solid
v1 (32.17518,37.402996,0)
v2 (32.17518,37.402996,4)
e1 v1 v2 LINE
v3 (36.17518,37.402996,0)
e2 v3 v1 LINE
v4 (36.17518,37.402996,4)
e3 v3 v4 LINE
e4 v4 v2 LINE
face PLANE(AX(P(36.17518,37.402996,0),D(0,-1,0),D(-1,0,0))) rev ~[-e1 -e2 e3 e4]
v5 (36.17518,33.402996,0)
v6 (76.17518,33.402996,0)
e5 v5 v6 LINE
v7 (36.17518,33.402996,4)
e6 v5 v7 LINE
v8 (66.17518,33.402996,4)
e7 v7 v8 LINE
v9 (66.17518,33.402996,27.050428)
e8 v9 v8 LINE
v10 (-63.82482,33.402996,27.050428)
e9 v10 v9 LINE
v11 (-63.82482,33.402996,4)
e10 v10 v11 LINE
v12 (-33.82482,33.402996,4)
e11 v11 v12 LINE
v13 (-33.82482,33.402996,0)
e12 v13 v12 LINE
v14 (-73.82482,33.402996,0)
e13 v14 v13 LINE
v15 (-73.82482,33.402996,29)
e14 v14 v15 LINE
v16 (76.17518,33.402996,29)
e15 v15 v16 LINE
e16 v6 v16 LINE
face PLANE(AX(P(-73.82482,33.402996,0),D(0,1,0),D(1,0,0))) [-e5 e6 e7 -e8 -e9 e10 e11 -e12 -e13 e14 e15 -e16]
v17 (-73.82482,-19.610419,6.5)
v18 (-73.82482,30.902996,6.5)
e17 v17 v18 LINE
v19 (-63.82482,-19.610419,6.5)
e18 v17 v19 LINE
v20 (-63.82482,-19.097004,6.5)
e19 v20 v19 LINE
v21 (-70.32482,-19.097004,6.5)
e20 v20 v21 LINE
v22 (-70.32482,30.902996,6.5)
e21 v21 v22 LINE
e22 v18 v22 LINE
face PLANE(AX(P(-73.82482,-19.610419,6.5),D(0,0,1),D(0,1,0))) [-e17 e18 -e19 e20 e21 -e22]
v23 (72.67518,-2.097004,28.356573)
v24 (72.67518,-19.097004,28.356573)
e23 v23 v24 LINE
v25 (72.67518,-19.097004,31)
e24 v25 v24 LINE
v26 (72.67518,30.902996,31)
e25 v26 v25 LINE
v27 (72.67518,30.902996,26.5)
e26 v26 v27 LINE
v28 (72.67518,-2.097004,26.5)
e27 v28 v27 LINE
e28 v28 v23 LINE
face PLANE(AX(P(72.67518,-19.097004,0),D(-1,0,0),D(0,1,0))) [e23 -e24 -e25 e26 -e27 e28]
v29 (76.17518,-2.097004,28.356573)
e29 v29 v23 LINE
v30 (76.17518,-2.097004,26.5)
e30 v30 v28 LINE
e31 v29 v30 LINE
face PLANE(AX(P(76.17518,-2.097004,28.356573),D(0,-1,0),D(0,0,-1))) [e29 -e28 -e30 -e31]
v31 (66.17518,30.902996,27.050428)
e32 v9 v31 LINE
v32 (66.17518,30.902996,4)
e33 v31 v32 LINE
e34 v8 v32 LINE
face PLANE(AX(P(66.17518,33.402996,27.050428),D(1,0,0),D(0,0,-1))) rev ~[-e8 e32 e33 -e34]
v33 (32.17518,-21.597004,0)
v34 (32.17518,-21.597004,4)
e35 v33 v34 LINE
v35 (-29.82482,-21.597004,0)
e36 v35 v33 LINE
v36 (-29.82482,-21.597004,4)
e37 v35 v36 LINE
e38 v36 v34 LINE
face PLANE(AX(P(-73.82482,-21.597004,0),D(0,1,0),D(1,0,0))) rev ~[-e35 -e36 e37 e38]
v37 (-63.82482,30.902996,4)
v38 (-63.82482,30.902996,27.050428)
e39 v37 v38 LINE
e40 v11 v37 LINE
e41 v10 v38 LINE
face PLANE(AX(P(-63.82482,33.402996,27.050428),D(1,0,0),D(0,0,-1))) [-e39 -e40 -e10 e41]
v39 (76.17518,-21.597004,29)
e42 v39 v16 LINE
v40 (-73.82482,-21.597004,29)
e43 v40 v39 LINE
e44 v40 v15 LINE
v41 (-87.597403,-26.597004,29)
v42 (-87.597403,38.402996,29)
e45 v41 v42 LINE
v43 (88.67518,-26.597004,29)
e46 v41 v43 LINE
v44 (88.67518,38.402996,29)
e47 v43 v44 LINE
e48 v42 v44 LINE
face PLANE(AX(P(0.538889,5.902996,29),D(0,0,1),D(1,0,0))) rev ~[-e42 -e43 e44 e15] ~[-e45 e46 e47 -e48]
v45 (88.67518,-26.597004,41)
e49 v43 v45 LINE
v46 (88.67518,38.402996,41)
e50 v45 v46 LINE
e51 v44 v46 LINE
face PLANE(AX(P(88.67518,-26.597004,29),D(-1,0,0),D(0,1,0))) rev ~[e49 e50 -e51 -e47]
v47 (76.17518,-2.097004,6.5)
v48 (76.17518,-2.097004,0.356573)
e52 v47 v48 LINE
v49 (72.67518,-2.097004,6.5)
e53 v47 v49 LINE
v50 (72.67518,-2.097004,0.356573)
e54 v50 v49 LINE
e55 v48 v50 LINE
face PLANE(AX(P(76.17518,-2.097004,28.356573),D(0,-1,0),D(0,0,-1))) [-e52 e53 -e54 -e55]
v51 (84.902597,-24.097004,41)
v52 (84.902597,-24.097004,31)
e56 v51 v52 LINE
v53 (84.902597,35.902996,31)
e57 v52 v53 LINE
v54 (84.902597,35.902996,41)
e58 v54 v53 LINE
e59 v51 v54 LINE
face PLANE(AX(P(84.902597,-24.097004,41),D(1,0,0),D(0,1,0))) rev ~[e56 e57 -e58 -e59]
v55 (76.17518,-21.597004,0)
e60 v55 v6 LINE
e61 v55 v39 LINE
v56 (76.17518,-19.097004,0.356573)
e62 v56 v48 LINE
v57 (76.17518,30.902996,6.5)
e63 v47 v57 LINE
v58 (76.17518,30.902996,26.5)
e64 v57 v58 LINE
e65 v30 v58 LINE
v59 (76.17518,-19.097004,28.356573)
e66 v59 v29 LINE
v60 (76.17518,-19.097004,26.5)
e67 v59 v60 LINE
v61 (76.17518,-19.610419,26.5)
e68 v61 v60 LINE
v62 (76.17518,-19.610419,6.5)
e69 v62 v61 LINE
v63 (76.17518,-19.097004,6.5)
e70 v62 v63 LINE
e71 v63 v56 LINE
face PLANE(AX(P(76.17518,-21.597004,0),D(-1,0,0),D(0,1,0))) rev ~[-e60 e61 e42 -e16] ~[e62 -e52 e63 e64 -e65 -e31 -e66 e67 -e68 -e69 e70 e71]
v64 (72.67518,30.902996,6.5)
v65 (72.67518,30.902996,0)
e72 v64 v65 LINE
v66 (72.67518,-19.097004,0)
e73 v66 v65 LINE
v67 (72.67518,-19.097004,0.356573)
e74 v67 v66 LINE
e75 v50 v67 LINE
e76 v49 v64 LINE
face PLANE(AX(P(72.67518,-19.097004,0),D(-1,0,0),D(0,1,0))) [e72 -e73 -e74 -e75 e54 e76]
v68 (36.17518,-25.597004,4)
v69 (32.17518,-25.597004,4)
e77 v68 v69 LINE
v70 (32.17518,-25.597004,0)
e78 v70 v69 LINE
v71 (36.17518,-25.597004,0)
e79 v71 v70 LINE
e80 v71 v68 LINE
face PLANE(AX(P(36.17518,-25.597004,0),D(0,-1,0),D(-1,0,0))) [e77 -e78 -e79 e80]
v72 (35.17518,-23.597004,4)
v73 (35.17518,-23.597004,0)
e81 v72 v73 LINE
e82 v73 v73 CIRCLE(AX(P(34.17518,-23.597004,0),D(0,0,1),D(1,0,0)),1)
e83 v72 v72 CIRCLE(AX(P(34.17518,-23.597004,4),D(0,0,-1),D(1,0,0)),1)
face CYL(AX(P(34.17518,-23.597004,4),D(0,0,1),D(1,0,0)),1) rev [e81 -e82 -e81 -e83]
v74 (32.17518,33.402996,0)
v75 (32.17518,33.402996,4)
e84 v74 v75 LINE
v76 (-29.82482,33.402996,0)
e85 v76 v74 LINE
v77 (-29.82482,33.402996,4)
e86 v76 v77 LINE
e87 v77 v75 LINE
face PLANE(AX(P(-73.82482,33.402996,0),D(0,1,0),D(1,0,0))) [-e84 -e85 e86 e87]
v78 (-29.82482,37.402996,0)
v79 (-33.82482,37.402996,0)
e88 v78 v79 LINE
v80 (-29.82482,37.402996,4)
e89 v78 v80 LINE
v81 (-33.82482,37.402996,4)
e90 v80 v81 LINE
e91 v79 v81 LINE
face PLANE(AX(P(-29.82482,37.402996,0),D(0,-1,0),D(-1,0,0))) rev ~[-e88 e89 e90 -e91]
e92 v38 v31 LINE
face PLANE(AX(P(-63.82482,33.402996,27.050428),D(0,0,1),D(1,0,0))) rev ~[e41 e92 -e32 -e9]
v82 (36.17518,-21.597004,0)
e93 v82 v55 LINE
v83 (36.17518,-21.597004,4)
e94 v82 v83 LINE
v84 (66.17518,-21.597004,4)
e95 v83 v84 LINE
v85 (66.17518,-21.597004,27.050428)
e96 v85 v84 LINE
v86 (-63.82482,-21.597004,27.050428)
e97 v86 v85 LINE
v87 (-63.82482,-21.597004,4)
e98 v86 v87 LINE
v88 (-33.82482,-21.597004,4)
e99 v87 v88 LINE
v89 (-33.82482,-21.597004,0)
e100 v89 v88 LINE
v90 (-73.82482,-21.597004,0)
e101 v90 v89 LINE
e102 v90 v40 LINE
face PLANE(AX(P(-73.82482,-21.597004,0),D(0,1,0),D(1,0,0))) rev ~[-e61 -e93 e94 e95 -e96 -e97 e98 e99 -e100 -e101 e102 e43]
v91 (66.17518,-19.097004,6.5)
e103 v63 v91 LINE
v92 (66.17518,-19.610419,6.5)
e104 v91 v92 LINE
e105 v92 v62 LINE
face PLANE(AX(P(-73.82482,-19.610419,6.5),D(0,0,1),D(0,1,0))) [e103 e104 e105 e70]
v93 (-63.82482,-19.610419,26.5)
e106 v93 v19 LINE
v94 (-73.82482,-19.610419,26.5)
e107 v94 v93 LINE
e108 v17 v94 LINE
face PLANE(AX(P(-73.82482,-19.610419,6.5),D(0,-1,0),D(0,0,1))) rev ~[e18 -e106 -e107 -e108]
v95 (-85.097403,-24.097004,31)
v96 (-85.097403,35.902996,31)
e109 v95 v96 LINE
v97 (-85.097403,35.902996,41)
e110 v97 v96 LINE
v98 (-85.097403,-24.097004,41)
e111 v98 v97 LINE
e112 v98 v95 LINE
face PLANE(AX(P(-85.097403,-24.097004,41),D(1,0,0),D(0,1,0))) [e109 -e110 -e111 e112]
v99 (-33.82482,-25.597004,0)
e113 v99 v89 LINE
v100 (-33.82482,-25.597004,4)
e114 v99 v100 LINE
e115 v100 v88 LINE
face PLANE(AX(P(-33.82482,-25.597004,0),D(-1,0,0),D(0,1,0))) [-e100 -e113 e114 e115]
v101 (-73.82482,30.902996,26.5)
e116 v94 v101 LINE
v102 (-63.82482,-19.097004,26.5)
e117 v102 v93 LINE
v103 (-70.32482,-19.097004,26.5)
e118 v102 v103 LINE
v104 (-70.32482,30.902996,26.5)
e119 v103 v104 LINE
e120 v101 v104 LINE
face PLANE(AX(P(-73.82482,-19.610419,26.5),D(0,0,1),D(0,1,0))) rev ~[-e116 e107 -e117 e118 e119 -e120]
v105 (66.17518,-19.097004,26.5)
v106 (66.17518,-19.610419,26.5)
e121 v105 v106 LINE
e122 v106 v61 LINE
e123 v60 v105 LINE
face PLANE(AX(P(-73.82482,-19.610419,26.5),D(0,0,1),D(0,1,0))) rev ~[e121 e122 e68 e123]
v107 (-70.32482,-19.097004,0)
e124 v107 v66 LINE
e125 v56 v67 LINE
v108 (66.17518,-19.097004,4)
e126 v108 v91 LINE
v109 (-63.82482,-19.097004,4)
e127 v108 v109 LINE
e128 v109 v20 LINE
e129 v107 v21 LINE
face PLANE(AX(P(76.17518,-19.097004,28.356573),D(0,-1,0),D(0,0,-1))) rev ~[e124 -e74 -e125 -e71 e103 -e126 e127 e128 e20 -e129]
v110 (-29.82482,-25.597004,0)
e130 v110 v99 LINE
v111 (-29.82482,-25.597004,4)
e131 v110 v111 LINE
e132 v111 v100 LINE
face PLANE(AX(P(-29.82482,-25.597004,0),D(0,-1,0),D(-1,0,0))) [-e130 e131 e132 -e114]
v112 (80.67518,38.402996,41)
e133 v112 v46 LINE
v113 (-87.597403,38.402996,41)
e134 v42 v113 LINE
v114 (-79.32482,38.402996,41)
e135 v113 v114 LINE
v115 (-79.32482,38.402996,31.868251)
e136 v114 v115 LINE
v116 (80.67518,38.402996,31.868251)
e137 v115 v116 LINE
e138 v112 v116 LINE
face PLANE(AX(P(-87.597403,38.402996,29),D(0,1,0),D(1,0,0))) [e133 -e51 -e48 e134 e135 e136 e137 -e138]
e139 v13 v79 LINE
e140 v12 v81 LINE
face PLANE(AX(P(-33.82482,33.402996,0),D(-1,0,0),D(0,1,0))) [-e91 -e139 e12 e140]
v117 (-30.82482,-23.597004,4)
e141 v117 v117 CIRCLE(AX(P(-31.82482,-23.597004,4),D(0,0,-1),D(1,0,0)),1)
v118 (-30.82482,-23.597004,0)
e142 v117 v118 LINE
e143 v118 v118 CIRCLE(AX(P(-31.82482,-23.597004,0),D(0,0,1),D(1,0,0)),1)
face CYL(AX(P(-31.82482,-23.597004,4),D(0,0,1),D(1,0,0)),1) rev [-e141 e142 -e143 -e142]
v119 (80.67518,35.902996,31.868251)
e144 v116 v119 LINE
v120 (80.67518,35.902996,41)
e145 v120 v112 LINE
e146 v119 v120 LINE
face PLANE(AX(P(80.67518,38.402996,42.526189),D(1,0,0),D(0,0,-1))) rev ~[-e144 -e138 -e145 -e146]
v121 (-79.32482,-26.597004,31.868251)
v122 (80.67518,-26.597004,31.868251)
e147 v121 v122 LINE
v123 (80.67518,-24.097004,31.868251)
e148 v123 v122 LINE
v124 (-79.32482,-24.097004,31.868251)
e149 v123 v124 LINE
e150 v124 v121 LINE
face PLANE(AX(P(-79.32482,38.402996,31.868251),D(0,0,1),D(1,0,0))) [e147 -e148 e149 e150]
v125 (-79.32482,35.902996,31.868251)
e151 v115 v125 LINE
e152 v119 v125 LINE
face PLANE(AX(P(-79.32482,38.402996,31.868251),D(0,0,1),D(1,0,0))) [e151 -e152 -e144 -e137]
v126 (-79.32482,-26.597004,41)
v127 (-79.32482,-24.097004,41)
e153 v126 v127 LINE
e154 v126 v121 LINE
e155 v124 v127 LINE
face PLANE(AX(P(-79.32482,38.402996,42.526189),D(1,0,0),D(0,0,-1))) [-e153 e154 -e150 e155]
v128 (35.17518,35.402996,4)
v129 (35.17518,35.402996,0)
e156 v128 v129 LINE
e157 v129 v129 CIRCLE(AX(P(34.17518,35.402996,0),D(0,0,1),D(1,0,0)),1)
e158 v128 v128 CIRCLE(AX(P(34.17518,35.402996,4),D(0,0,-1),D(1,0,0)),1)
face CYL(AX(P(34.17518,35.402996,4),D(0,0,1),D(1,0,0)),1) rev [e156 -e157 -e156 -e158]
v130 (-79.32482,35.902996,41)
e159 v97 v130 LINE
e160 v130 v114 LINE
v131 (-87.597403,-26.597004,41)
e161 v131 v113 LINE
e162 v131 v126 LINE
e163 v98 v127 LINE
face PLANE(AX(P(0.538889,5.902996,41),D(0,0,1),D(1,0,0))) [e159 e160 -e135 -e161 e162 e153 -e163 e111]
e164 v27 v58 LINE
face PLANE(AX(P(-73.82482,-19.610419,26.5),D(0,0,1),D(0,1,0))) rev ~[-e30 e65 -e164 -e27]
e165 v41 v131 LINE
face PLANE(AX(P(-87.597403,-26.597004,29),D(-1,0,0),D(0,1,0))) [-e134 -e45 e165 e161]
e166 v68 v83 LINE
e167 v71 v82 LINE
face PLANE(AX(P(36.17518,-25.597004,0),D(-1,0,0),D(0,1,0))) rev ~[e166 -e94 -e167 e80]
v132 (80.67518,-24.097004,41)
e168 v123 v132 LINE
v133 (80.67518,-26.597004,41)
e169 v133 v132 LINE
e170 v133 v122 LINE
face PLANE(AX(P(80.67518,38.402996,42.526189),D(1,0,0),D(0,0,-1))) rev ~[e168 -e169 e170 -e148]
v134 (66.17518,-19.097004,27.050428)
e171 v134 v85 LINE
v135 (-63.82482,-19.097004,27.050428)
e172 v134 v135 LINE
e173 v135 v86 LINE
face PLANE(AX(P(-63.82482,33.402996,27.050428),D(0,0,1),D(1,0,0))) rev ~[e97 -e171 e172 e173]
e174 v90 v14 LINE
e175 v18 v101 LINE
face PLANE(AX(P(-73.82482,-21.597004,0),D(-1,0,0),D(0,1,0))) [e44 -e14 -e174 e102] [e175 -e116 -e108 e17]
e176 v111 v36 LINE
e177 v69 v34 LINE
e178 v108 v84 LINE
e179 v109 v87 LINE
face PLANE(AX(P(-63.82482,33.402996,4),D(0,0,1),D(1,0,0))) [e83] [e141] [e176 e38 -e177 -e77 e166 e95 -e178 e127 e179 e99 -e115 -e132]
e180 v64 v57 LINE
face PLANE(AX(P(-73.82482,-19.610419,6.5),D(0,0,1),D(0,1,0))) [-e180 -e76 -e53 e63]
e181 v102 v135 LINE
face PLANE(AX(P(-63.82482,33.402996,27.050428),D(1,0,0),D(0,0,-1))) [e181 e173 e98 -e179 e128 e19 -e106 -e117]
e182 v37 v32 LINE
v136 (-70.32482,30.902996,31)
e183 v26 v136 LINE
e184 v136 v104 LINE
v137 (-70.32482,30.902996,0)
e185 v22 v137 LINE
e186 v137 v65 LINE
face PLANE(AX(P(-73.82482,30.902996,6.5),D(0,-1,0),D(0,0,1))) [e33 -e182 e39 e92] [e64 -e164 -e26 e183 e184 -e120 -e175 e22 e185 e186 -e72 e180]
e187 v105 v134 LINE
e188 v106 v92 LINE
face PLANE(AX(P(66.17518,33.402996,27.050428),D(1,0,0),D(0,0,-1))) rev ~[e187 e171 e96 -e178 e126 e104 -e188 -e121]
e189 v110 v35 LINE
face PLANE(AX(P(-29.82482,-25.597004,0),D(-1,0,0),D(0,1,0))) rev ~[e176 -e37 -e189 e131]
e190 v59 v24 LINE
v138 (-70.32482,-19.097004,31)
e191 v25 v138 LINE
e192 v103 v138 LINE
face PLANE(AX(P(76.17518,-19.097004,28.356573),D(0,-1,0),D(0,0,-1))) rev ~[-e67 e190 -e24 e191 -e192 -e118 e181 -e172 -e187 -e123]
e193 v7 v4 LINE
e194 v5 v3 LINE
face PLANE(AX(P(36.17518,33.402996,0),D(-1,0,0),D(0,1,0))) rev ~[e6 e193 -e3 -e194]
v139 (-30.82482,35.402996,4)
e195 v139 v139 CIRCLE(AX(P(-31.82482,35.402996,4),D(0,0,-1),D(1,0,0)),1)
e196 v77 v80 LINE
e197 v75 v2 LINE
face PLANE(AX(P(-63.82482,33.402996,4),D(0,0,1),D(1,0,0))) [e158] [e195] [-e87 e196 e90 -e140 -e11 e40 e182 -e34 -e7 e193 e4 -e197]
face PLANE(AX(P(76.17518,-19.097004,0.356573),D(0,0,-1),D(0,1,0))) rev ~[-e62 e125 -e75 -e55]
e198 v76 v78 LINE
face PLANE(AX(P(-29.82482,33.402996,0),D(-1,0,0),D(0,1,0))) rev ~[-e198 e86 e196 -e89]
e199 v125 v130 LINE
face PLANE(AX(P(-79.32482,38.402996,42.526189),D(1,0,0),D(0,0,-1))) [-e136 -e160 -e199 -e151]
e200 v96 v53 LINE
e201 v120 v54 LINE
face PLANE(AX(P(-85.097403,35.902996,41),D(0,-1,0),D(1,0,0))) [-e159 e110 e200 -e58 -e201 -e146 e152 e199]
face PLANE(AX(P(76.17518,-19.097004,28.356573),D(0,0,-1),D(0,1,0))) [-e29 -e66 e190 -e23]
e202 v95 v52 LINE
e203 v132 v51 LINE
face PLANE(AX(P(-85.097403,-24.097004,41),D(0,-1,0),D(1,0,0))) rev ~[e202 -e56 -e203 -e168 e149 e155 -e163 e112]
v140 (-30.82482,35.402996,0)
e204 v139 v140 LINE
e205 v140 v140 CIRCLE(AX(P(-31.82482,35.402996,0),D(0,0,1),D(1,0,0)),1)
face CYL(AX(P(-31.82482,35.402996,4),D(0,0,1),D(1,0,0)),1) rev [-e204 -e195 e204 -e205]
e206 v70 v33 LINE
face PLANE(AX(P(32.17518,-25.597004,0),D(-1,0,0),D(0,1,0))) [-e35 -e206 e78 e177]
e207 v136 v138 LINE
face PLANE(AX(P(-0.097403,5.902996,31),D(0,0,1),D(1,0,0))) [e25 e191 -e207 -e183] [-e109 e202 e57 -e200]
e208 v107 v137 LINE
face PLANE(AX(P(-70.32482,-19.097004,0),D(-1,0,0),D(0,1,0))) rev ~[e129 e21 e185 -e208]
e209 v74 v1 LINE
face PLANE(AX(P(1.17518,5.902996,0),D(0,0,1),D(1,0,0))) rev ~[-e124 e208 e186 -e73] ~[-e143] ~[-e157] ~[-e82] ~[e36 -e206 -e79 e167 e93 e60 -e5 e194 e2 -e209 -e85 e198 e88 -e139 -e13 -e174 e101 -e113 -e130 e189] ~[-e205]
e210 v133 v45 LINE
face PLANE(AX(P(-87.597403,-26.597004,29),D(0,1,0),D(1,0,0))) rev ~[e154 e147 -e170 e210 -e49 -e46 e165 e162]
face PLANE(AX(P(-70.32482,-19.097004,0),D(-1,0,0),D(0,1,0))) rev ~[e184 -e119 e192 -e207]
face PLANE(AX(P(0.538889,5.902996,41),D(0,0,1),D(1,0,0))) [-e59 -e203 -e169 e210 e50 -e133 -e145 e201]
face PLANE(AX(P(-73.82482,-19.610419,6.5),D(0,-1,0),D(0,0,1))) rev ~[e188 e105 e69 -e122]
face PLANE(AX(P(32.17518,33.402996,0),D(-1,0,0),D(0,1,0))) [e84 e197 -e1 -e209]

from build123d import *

# Parameters (mm, degrees)
SKETCH1_W               = 150
SKETCH1_H               = 55
SKETCH1_W_2             = 143
SKETCH1_H_2             = 50
BOSS_EXTRUDE1_DEPTH     = 30
CUT_EXTRUDE6_DEPTH      = 46
CUT_EXTRUDE6_DEPTH_BACK = 1
SKETCH2_W               = 170
SKETCH2_H               = 60
SKETCH3_W               = 176.272583165
SKETCH3_H               = 65
BOSS_EXTRUDE3_DEPTH     = 12
SKETCH4_W               = 170
SKETCH4_H               = 60
CUT_EXTRUDE7_DEPTH      = 10
CUT_EXTRUDE8_DEPTH      = 102.484371807
CUT_EXTRUDE8_DEPTH_BACK = 102.484371807
SKETCH5_W               = 143
SKETCH5_H               = 50
SKETCH6_W               = 4
SKETCH6_H               = 4
BOSS_EXTRUDE5_DEPTH     = 4
CUT_EXTRUDE9_DEPTH      = 105.971794883
CUT_EXTRUDE9_DEPTH_BACK = 4
SKETCH7_R               = 1
SKETCH8_W               = 28
SKETCH8_H               = 17
CUT_EXTRUDE12_DEPTH     = 10
SKETCH9_W               = 130
SKETCH9_H               = 23.050427834
CUT_EXTRUDE13_DEPTH     = 72
SKETCH10_W              = 20
SKETCH10_H              = 50.513415504
CUT_EXTRUDE14_DEPTH     = 177
SKETCH11_W              = 160
SKETCH11_H              = 10.657938717
CUT_EXTRUDE15_DEPTH     = 177


with BuildPart() as part:
    # Sketch1 → Boss-Extrude1 (new body)
    with BuildSketch(Plane.XY):
        with Locations((1.175180371, 5.902996071)):
            Rectangle(SKETCH1_W, SKETCH1_H)
        with Locations((1.175180371, 5.902996071)):
            Rectangle(SKETCH1_W_2, SKETCH1_H_2, mode=Mode.SUBTRACT)
    extrude(amount=BOSS_EXTRUDE1_DEPTH)

    # Sketch2 → Cut-Extrude6 (cut, two sides: drawn at the far end of the back side and taken through both)
    with BuildSketch(Plane.XY.offset(30).offset(-CUT_EXTRUDE6_DEPTH_BACK)):
        with Locations((1.175180371, 5.902996071)):
            Rectangle(SKETCH2_W, SKETCH2_H)
    extrude(amount=CUT_EXTRUDE6_DEPTH + CUT_EXTRUDE6_DEPTH_BACK, mode=Mode.SUBTRACT)

    # Sketch3 → Boss-Extrude3 (add)
    with BuildSketch(Plane.XY.offset(29)):
        with Locations((0.538888789, 5.902996071)):
            Rectangle(SKETCH3_W, SKETCH3_H)
    extrude(amount=BOSS_EXTRUDE3_DEPTH)

    # Sketch4 → Cut-Extrude7 (cut)
    with BuildSketch(Plane.XY.offset(41)):
        with Locations((-0.097402794, 5.902996071)):
            Rectangle(SKETCH4_W, SKETCH4_H)
    extrude(amount=-CUT_EXTRUDE7_DEPTH, mode=Mode.SUBTRACT)

    # Sketch5 → Cut-Extrude8 (cut, two sides: drawn at the far end of the back side and taken through both)
    with BuildSketch(Plane.XY.offset(31).offset(-CUT_EXTRUDE8_DEPTH_BACK)):
        with Locations((1.175180371, 5.902996071)):
            Rectangle(SKETCH5_W, SKETCH5_H)
    extrude(amount=CUT_EXTRUDE8_DEPTH + CUT_EXTRUDE8_DEPTH_BACK, mode=Mode.SUBTRACT)

    # Sketch6 → Boss-Extrude5 (add)
    with BuildSketch(Plane(origin=(0, 0, 0), x_dir=(-1, 0, 0), z_dir=(0, 0, -1))):
        with Locations((-34.175180371, -23.597003929)):
            Rectangle(SKETCH6_W, SKETCH6_H)
        with Locations((31.824819629, -23.597003929)):
            Rectangle(SKETCH6_W, SKETCH6_H)
        with Locations((-34.175180371, 35.402996071)):
            Rectangle(SKETCH6_W, SKETCH6_H)
        with Locations((31.824819629, 35.402996071)):
            Rectangle(SKETCH6_W, SKETCH6_H)
    extrude(amount=-BOSS_EXTRUDE5_DEPTH)

    # Sketch7 → Cut-Extrude9 (cut, two sides: drawn at the far end of the back side and taken through both)
    with BuildSketch(Plane(origin=(0, 0, 0), x_dir=(-1, 0, 0), z_dir=(0, 0, -1)).offset(-CUT_EXTRUDE9_DEPTH_BACK)):
        with Locations(Location((-34.175180371, 35.402996071, 0), (0, 0, 180))):
            Circle(SKETCH7_R)
        with Locations(Location((31.824819629, 35.402996071, 0), (0, 0, 180))):
            Circle(SKETCH7_R)
        with Locations(Location((31.824819629, -23.597003929, 0), (0, 0, 180))):
            Circle(SKETCH7_R)
        with Locations(Location((-34.175180371, -23.597003929, 0), (0, 0, 180))):
            Circle(SKETCH7_R)
    extrude(amount=CUT_EXTRUDE9_DEPTH + CUT_EXTRUDE9_DEPTH_BACK, mode=Mode.SUBTRACT)

    # Sketch8 → Cut-Extrude12 (cut)
    with BuildSketch(Plane(origin=(76.175180371, 0, 0), x_dir=(0, 0, -1), z_dir=(1, 0, 0))):
        with Locations((-14.356573147, -10.597003929)):
            Rectangle(SKETCH8_W, SKETCH8_H)
    extrude(amount=-CUT_EXTRUDE12_DEPTH, mode=Mode.SUBTRACT)

    # Sketch9 → Cut-Extrude13 (cut)
    with BuildSketch(Plane(origin=(0, 33.402996071, 0), x_dir=(1, 0, 0), z_dir=(0, 1, 0))):
        with Locations((1.175180371, -15.525213917)):
            Rectangle(SKETCH9_W, SKETCH9_H)
    extrude(amount=-CUT_EXTRUDE13_DEPTH, mode=Mode.SUBTRACT)

    # Sketch10 → Cut-Extrude14 (cut)
    with BuildSketch(Plane.ZY.offset(73.824819629)):
        with Locations((16.5, 5.646288319)):
            Rectangle(SKETCH10_W, SKETCH10_H)
    extrude(amount=-CUT_EXTRUDE14_DEPTH, mode=Mode.SUBTRACT)

    # Sketch11 → Cut-Extrude15 (cut)
    with BuildSketch(Plane(origin=(0, 38.402996071, 0), x_dir=(1, 0, 0), z_dir=(0, 1, 0))):
        with Locations((0.675180371, -37.197220061)):
            Rectangle(SKETCH11_W, SKETCH11_H)
    extrude(amount=-CUT_EXTRUDE15_DEPTH, mode=Mode.SUBTRACT)


solid = part.part
